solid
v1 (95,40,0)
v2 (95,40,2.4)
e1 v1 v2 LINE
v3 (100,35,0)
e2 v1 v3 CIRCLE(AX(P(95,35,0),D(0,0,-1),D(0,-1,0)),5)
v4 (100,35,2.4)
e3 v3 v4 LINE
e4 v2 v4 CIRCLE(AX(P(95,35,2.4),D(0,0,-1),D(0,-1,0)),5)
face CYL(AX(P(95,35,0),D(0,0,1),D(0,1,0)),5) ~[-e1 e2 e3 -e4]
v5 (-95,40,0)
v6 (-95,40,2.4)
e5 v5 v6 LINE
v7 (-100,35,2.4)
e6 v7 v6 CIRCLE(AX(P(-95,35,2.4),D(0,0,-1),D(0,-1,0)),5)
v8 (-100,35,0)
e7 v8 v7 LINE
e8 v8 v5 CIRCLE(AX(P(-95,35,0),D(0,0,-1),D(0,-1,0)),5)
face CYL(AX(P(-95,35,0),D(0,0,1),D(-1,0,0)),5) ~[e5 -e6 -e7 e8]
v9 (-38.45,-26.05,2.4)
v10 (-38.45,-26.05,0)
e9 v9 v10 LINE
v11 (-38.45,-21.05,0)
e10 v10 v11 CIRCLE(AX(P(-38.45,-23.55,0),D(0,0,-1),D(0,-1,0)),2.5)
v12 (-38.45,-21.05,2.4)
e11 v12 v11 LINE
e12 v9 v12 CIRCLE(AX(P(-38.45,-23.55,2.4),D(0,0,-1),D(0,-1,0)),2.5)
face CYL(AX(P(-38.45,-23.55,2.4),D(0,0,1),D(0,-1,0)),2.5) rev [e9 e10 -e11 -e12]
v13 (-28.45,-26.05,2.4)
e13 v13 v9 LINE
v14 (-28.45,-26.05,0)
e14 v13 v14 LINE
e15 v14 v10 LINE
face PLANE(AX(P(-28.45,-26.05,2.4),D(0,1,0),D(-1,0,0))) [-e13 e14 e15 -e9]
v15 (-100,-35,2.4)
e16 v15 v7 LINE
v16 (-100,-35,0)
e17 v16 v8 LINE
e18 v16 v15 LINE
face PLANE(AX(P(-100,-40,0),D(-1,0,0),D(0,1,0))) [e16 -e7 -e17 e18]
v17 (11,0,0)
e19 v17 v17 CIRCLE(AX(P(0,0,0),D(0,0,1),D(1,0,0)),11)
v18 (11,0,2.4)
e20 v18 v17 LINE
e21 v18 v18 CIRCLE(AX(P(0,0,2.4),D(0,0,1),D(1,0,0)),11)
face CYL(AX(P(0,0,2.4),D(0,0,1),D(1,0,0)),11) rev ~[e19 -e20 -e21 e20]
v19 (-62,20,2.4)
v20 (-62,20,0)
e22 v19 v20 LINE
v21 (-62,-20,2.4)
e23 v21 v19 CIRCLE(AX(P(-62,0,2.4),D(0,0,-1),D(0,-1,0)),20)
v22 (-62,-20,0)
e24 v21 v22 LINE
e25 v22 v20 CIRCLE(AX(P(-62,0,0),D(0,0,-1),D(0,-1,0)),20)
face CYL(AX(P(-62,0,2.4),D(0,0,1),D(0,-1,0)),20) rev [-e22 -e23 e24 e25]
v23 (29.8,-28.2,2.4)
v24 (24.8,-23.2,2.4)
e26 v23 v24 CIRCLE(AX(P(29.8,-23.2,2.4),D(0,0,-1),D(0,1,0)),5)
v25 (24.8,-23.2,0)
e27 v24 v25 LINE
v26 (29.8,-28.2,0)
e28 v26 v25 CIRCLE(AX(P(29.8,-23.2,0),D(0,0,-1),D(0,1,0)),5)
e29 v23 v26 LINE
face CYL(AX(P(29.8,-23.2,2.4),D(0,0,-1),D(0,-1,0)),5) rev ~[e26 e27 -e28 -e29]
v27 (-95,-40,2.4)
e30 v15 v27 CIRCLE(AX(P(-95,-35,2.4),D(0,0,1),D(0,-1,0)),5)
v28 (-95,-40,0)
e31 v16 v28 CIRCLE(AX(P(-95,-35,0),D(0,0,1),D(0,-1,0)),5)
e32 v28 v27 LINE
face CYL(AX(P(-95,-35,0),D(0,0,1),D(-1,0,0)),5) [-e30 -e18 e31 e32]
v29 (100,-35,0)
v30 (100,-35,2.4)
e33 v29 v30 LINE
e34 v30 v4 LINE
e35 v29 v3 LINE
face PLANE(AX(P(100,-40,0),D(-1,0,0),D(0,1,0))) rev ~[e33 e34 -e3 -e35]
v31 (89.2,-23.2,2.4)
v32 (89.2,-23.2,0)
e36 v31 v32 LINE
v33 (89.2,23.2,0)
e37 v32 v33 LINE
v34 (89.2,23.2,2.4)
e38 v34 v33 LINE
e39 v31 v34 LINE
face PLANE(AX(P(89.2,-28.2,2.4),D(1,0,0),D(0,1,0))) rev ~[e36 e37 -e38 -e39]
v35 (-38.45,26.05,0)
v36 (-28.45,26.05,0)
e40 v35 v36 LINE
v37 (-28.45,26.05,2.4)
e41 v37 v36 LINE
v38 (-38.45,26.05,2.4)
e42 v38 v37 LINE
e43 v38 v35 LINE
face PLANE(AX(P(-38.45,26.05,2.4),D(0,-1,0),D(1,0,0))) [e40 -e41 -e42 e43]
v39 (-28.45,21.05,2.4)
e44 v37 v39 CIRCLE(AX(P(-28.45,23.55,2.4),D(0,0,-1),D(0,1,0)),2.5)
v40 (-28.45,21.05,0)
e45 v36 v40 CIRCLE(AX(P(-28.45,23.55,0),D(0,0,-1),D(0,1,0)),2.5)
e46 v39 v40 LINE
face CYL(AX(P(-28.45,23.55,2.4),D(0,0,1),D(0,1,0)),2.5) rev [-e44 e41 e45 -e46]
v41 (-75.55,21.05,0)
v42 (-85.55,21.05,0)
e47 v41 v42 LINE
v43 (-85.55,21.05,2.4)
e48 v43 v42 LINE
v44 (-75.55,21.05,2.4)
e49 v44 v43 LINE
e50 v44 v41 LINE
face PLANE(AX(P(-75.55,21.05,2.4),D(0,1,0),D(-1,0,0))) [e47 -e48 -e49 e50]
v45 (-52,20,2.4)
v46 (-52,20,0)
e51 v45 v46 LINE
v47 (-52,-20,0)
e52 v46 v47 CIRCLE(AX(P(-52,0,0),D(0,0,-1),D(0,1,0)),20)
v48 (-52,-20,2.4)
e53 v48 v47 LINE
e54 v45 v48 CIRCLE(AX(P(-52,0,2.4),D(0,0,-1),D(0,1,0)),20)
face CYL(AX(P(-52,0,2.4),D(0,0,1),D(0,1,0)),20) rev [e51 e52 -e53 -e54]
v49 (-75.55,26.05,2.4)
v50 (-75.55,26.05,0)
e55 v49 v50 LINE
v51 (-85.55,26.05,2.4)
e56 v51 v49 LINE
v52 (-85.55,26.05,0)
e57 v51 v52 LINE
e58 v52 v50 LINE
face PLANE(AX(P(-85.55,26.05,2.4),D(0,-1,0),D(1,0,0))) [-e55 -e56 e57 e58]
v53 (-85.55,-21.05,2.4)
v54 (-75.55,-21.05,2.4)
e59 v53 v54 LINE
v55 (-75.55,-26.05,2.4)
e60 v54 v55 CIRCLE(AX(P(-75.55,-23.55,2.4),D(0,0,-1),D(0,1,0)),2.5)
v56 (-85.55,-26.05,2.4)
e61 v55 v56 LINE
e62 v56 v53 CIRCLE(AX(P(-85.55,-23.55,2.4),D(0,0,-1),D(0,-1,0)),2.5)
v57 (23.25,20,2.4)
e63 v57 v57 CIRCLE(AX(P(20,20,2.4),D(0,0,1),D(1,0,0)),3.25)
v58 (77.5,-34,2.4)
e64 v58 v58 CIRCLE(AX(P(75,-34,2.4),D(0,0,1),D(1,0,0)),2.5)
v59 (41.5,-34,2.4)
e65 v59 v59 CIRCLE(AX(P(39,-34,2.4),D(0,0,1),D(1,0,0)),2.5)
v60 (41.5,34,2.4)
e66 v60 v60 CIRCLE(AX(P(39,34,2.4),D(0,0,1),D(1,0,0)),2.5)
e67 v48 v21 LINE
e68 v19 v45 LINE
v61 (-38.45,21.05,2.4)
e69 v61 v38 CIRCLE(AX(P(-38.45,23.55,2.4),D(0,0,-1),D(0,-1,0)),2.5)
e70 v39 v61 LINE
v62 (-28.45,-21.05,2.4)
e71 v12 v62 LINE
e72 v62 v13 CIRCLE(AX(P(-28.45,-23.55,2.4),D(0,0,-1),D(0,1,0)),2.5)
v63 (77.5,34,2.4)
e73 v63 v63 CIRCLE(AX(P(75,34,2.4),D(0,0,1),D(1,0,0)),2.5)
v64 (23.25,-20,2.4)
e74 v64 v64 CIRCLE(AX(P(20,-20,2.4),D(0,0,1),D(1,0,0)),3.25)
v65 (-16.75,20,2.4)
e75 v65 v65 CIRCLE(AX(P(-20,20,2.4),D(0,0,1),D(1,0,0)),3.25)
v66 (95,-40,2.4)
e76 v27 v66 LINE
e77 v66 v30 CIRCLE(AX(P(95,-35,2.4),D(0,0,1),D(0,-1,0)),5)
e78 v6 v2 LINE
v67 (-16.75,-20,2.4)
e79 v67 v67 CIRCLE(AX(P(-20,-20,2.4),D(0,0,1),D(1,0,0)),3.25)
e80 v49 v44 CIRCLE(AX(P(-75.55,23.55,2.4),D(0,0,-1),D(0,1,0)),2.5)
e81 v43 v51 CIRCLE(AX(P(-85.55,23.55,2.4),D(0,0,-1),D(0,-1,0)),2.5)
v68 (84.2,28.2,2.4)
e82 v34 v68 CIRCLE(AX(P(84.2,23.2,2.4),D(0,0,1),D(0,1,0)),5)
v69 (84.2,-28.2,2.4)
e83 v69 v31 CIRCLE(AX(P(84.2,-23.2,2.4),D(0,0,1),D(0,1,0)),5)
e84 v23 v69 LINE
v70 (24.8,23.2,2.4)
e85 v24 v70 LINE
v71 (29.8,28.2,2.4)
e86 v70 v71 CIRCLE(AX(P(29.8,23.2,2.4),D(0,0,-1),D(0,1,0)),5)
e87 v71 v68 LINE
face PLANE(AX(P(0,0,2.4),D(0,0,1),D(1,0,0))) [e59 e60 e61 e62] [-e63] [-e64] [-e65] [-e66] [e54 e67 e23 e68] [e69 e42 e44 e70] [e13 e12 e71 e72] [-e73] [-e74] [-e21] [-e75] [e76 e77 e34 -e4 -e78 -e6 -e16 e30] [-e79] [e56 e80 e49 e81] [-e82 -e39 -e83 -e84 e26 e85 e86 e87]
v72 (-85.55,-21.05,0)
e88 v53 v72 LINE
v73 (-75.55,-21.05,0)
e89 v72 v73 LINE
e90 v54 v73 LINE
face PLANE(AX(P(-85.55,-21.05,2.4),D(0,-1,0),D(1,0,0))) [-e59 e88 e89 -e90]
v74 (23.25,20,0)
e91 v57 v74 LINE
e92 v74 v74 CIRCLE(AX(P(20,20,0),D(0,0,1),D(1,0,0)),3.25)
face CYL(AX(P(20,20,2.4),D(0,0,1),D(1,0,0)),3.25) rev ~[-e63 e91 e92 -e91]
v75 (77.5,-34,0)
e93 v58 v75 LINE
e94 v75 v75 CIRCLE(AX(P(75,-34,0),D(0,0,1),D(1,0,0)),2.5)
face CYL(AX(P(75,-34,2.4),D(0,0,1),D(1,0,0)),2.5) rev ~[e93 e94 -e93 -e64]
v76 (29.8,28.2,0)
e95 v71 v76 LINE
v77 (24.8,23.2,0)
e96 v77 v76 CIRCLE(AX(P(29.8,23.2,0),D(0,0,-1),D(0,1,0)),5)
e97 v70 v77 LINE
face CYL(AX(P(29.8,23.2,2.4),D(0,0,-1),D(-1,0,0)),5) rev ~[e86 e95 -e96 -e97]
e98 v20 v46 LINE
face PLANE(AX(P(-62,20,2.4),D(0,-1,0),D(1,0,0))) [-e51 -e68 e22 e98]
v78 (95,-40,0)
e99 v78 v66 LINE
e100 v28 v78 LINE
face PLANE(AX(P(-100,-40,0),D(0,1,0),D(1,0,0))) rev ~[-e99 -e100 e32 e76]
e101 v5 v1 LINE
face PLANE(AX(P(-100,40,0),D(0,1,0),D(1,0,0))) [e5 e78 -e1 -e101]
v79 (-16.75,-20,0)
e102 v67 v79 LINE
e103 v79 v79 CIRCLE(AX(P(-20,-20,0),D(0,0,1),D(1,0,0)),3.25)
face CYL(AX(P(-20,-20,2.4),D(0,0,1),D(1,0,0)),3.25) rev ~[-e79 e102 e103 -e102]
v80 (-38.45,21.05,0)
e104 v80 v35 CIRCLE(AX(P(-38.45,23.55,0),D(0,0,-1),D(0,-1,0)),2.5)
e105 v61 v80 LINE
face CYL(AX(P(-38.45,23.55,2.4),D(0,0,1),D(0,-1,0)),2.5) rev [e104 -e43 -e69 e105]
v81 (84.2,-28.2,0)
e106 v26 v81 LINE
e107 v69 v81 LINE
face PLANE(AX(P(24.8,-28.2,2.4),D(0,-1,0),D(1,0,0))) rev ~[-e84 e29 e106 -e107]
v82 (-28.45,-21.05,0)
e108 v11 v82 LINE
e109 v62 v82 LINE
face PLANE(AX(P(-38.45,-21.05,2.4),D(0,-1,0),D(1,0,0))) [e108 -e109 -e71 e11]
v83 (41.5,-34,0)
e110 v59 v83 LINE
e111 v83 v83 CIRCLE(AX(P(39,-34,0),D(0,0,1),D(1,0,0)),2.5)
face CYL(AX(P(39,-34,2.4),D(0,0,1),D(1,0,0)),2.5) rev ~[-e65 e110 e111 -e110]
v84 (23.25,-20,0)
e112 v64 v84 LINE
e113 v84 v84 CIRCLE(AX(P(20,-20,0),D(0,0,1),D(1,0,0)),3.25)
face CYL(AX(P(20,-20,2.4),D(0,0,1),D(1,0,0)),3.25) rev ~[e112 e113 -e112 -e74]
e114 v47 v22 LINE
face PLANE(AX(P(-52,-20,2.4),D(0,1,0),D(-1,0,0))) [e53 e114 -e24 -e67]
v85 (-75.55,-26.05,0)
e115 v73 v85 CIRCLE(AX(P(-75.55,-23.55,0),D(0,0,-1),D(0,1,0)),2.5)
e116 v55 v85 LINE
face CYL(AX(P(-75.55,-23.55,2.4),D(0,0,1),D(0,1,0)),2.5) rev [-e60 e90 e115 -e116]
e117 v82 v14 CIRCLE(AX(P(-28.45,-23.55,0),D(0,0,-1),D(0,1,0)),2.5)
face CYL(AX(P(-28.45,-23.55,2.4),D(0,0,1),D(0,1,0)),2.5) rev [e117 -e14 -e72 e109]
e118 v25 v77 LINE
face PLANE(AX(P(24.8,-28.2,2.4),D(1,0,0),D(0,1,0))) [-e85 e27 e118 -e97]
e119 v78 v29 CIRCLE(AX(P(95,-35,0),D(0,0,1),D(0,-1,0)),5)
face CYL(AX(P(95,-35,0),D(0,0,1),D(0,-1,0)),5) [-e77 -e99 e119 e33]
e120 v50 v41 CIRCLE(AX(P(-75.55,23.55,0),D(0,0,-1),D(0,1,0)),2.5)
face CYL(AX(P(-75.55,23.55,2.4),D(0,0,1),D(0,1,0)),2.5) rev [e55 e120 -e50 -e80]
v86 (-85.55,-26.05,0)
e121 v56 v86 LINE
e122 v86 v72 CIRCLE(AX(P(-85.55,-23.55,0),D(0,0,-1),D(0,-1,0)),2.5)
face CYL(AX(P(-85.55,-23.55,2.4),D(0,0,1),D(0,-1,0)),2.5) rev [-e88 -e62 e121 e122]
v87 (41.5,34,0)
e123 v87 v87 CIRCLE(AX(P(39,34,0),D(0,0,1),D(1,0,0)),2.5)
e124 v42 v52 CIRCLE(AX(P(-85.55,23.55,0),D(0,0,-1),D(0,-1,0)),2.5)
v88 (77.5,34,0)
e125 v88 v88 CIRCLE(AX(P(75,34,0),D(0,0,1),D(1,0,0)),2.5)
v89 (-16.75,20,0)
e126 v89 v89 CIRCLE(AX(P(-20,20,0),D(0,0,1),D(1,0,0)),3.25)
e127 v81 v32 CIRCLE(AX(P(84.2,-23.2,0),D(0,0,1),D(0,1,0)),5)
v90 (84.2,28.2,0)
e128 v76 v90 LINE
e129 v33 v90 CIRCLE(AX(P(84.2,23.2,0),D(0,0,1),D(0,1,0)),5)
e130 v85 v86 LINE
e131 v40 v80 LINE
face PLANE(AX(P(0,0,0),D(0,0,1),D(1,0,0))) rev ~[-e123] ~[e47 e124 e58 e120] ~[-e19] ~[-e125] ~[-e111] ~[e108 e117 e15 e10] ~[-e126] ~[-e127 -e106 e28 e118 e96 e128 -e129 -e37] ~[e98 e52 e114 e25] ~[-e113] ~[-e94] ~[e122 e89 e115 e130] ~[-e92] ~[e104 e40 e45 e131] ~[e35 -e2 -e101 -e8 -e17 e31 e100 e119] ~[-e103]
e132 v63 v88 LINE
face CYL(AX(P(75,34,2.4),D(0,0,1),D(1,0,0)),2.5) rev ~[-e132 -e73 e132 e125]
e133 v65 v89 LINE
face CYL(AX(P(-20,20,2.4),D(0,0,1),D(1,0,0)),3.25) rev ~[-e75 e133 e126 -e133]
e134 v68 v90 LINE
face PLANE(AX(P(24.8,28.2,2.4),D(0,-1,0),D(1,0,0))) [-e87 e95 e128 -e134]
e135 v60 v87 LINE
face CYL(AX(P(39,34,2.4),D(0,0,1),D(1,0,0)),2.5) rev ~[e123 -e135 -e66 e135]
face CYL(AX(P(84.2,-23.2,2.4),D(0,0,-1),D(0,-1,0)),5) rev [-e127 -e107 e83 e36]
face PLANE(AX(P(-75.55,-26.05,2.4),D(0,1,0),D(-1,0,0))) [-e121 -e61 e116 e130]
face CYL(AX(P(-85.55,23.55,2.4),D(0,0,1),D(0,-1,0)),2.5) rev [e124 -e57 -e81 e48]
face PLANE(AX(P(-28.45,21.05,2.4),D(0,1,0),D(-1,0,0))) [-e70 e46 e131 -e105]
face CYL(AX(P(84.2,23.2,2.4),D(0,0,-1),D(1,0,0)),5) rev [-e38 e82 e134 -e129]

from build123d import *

# Parameters (mm, degrees)
CROQUIS1_W              = 200
CROQUIS1_H              = 80
SALIENTE_EXTRUIR1_DEPTH = 2.4
CROQUIS2_R              = 11
CORTAR_EXTRUIR1_DEPTH   = 108.730032953
CROQUIS3_R              = 3.25
CORTAR_EXTRUIR2_DEPTH   = 108.730032953
CORTAR_EXTRUIR3_DEPTH   = 2.4
CROQUIS7_W              = 64.4
CROQUIS7_H              = 56.4
CORTAR_EXTRUIR4_DEPTH   = 108.730032953
CROQUIS8_R              = 2.5
CORTAR_EXTRUIR5_DEPTH   = 108.730032953
REDONDEO1_R             = 5
REDONDEO2_R             = 5


with BuildPart() as part:
    # Croquis1 → Saliente-Extruir1 (new body)
    with BuildSketch(Plane.XY):
        Rectangle(CROQUIS1_W, CROQUIS1_H)
    extrude(amount=SALIENTE_EXTRUIR1_DEPTH)

    # Croquis2 → Cortar-Extruir1 (cut, through all)
    with BuildSketch(Plane.XY.offset(2.4)):
        Circle(CROQUIS2_R)
    extrude(amount=-CORTAR_EXTRUIR1_DEPTH, mode=Mode.SUBTRACT)

    # Croquis3 → Cortar-Extruir2 (cut, through all)
    with BuildSketch(Plane.XY.offset(2.4)):
        with Locations((20, 20)):
            Circle(CROQUIS3_R)
        with Locations((-20, 20)):
            Circle(CROQUIS3_R)
        with Locations((-20, -20)):
            Circle(CROQUIS3_R)
        with Locations((20, -20)):
            Circle(CROQUIS3_R)
    extrude(amount=-CORTAR_EXTRUIR2_DEPTH, mode=Mode.SUBTRACT)

    # Croquis4 → Cortar-Extruir3 (cut)
    with BuildSketch(Plane.XY.offset(2.4)):
        with BuildLine():
            Line((-62, 20), (-52, 20))
            ThreePointArc((-52, 20), (-32, 0), (-52, -20))
            Line((-52, -20), (-62, -20))
            ThreePointArc((-62, -20), (-82, 0), (-62, 20))
        make_face()
        with BuildLine():
            Line((-85.55, 26.05), (-75.55, 26.05))
            ThreePointArc((-75.55, 26.05), (-73.05, 23.55), (-75.55, 21.05))
            Line((-75.55, 21.05), (-85.55, 21.05))
            ThreePointArc((-85.55, 21.05), (-88.05, 23.55), (-85.55, 26.05))
        make_face()
        with BuildLine():
            Line((-28.45, 21.05), (-38.45, 21.05))
            ThreePointArc((-38.45, 21.05), (-40.95, 23.55), (-38.45, 26.05))
            Line((-38.45, 26.05), (-28.45, 26.05))
            ThreePointArc((-28.45, 26.05), (-25.95, 23.55), (-28.45, 21.05))
        make_face()
        with BuildLine():
            Line((-28.45, -26.05), (-38.45, -26.05))
            ThreePointArc((-38.45, -26.05), (-40.95, -23.55), (-38.45, -21.05))
            Line((-38.45, -21.05), (-28.45, -21.05))
            ThreePointArc((-28.45, -21.05), (-25.95, -23.55), (-28.45, -26.05))
        make_face()
        with BuildLine():
            Line((-85.55, -21.05), (-75.55, -21.05))
            ThreePointArc((-75.55, -21.05), (-73.05, -23.55), (-75.55, -26.05))
            Line((-75.55, -26.05), (-85.55, -26.05))
            ThreePointArc((-85.55, -26.05), (-88.05, -23.55), (-85.55, -21.05))
        make_face()
    extrude(amount=-CORTAR_EXTRUIR3_DEPTH, mode=Mode.SUBTRACT)

    # Croquis7 → Cortar-Extruir4 (cut, through all)
    with BuildSketch(Plane.XY.offset(2.4)):
        with Locations((57, 0)):
            Rectangle(CROQUIS7_W, CROQUIS7_H)
    extrude(amount=-CORTAR_EXTRUIR4_DEPTH, mode=Mode.SUBTRACT)

    # Croquis8 → Cortar-Extruir5 (cut, through all)
    with BuildSketch(Plane.XY.offset(2.4)):
        with Locations((39, 34)):
            Circle(CROQUIS8_R)
        with Locations((75, 34)):
            Circle(CROQUIS8_R)
        with Locations((39, -34)):
            Circle(CROQUIS8_R)
        with Locations((75, -34)):
            Circle(CROQUIS8_R)
    extrude(amount=-CORTAR_EXTRUIR5_DEPTH, mode=Mode.SUBTRACT)

    # Redondeo1
    redondeo1_edges = [part.edges().sort_by_distance(p)[0] for p in [
        (89.2, 28.2, 1.2),
        (89.2, -28.2, 1.2),
        (24.8, -28.2, 1.2),
        (24.8, 28.2, 1.2),
    ]]
    fillet(redondeo1_edges, radius=REDONDEO1_R)

    # Redondeo2
    redondeo2_edges = [part.edges().sort_by_distance(p)[0] for p in [
        (100, -40, 1.2),
        (-100, -40, 1.2),
        (-100, 40, 1.2),
        (100, 40, 1.2),
    ]]
    fillet(redondeo2_edges, radius=REDONDEO2_R)


solid = part.part
